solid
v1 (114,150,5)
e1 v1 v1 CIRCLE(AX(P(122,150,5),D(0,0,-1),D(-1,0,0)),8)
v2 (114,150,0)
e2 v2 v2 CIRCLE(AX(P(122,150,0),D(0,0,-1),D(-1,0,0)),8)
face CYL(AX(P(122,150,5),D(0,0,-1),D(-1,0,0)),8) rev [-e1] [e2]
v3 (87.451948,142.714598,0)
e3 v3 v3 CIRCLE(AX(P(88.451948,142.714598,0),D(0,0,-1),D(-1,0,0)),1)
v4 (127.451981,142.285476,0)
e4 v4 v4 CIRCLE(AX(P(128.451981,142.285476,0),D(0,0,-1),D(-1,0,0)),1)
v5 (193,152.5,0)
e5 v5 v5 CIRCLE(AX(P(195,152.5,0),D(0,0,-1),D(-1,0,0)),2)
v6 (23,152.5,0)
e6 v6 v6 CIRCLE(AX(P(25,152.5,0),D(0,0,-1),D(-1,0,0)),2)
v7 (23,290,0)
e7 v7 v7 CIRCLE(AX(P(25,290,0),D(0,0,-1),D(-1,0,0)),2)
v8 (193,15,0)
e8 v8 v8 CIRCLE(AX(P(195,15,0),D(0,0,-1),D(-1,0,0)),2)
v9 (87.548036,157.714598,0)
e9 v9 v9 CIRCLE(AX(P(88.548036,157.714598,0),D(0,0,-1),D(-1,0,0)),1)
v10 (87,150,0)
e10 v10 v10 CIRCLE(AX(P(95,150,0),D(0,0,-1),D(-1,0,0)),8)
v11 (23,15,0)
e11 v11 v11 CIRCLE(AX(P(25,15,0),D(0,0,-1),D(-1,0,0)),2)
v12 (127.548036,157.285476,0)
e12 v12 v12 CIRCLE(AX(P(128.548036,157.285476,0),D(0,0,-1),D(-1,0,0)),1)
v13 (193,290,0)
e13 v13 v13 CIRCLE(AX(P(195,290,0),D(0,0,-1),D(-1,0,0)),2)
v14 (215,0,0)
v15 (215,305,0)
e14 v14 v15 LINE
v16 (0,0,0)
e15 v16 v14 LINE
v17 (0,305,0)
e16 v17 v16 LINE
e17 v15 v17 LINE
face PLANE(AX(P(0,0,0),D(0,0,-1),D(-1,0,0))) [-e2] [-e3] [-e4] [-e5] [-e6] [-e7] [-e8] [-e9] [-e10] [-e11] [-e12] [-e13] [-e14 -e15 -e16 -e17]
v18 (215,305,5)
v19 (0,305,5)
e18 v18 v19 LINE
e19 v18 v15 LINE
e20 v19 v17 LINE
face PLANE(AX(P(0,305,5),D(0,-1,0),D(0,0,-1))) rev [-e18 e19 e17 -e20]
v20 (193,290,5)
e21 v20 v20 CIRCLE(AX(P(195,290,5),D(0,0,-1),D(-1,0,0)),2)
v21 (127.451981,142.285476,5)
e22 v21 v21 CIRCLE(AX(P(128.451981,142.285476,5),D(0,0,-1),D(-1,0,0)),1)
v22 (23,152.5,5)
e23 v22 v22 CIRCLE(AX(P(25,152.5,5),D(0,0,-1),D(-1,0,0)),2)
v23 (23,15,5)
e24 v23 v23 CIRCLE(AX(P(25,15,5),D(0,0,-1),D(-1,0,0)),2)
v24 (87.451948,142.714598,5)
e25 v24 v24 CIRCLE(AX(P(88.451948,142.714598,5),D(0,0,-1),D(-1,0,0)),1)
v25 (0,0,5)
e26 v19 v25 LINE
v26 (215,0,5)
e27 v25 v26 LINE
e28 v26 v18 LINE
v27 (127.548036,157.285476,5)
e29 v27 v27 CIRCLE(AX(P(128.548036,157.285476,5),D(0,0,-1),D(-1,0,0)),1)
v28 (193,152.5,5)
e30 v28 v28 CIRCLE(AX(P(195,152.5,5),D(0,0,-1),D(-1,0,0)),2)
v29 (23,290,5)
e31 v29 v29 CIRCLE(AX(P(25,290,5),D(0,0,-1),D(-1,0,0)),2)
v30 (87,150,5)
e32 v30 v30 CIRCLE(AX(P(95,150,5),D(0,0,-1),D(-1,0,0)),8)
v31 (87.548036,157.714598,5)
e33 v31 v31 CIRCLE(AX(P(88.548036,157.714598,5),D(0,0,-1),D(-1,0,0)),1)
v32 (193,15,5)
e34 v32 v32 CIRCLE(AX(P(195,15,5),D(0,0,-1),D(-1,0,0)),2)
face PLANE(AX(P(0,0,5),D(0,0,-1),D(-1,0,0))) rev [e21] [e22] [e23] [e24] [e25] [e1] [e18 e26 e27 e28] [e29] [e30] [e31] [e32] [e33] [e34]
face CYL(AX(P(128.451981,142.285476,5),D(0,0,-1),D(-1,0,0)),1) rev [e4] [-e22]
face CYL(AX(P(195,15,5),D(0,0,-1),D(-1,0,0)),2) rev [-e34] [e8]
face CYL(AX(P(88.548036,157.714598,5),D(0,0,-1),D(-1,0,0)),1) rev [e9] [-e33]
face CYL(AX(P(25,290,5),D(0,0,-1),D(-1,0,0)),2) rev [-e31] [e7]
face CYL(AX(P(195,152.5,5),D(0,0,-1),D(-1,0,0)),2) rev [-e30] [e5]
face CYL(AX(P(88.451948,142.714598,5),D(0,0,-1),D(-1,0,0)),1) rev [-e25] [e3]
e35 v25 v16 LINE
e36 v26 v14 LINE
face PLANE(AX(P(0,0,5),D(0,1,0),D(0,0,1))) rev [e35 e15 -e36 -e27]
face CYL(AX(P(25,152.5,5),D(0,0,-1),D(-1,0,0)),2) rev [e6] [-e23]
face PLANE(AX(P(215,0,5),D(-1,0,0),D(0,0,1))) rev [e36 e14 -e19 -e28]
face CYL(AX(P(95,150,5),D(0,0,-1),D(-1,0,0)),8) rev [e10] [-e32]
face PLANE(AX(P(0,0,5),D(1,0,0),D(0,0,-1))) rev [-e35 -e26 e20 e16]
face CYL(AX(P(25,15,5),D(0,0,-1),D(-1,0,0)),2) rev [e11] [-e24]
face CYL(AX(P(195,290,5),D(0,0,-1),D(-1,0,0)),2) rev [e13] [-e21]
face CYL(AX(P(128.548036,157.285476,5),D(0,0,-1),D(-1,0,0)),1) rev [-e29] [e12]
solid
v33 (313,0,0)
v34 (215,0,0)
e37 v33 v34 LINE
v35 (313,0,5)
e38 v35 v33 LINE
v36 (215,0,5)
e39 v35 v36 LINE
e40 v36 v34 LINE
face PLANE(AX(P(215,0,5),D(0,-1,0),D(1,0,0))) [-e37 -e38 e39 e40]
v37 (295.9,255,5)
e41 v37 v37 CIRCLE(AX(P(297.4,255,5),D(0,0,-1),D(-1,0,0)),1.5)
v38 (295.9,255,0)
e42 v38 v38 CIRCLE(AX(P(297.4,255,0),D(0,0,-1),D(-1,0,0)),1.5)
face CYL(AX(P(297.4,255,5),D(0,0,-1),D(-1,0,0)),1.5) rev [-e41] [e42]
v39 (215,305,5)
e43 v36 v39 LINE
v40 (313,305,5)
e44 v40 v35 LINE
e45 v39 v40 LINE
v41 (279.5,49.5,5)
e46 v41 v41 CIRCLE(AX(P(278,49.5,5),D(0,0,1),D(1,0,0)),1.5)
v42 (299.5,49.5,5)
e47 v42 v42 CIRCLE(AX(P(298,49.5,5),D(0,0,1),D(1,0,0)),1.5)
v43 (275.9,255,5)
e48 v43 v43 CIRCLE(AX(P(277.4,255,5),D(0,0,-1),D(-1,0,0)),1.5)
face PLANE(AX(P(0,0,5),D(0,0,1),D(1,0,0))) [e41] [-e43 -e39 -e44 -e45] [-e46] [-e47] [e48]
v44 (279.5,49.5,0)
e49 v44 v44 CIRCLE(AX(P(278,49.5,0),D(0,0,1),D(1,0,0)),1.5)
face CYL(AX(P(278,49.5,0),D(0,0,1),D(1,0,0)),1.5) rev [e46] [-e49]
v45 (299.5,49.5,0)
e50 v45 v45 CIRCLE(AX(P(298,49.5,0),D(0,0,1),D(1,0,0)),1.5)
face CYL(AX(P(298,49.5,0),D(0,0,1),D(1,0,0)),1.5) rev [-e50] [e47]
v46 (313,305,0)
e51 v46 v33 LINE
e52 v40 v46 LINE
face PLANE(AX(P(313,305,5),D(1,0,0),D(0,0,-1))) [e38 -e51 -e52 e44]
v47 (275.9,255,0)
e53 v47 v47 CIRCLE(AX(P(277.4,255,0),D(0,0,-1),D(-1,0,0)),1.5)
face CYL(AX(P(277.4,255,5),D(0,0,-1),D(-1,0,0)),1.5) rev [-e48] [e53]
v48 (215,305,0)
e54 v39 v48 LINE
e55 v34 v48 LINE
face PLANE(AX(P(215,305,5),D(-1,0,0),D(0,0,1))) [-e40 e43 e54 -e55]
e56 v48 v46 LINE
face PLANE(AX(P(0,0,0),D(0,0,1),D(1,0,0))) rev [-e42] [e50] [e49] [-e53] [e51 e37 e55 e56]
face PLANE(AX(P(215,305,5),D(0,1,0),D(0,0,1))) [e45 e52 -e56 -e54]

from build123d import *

# Parameters (mm, degrees)
ESQUISSE1_W             = 215
ESQUISSE1_H             = 305
BOSS_EXTRU_1_DEPTH      = 5
ESQUISSE2_R             = 2
ENL_V_MAT_EXTRU_1_DEPTH = 5
ESQUISSE3_W             = 98
ESQUISSE3_H             = 305
BOSS_EXTRU_2_DEPTH      = 5
ESQUISSE4_R             = 1.5
ENL_V_MAT_EXTRU_3_DEPTH = 438.057204494
ESQUISSE5_R             = 1.5
ENL_V_MAT_EXTRU_4_DEPTH = 438.057204494
ESQUISSE6_R             = 8
ENL_V_MAT_EXTRU_5_DEPTH = 438.057204494
ESQUISSE7_R             = 1
ENL_V_MAT_EXTRU_7_DEPTH = 438.057204494


with BuildPart() as part:
    # Esquisse1 → Boss.-Extru.1 (new body)
    with BuildSketch(Plane.XY):
        with Locations((107.5, 152.5)):
            Rectangle(ESQUISSE1_W, ESQUISSE1_H)
    extrude(amount=BOSS_EXTRU_1_DEPTH)

    # Esquisse2 → Enlèv. mat.-Extru.1 (cut)
    with BuildSketch(Plane(origin=(0, 0, 0), x_dir=(-1, 0, 0), z_dir=(0, 0, -1))):
        with Locations((-195, 290)):
            Circle(ESQUISSE2_R)
        with Locations((-25, 290)):
            Circle(ESQUISSE2_R)
        with Locations((-25, 15)):
            Circle(ESQUISSE2_R)
        with Locations((-195, 15)):
            Circle(ESQUISSE2_R)
        with Locations((-195, 152.5)):
            Circle(ESQUISSE2_R)
        with Locations((-25, 152.5)):
            Circle(ESQUISSE2_R)
    extrude(amount=-ENL_V_MAT_EXTRU_1_DEPTH, mode=Mode.SUBTRACT)

    # Esquisse6 → Enlèv. mat.-Extru.5 (cut, through all)
    with BuildSketch(Plane(origin=(0, 0, 0), x_dir=(-1, 0, 0), z_dir=(0, 0, -1))):
        with Locations((-122, 150)):
            Circle(ESQUISSE6_R)
        with Locations((-95, 150)):
            Circle(ESQUISSE6_R)
    extrude(amount=-ENL_V_MAT_EXTRU_5_DEPTH, mode=Mode.SUBTRACT)

    # Esquisse7 → Enlèv. mat.-Extru.7 (cut, through all)
    with BuildSketch(Plane(origin=(0, 0, 0), x_dir=(-1, 0, 0), z_dir=(0, 0, -1))):
        with Locations((-128.548036325, 157.285475877)):
            Circle(ESQUISSE7_R)
        with Locations((-128.451980772, 142.285475877)):
            Circle(ESQUISSE7_R)
        with Locations((-88.548036325, 157.714598257)):
            Circle(ESQUISSE7_R)
        with Locations((-88.451947576, 142.714598257)):
            Circle(ESQUISSE7_R)
    extrude(amount=-ENL_V_MAT_EXTRU_7_DEPTH, mode=Mode.SUBTRACT)


with BuildPart() as body_2:
    # Esquisse3 → Boss.-Extru.2 (new body)
    with BuildSketch(Plane(origin=(0, 0, 0), x_dir=(-1, 0, 0), z_dir=(0, 0, -1))):
        with Locations((-264, 152.5)):
            Rectangle(ESQUISSE3_W, ESQUISSE3_H)
    extrude(amount=-BOSS_EXTRU_2_DEPTH)

    # Esquisse4 → Enlèv. mat.-Extru.3 (cut, through all)
    with BuildSketch(Plane(origin=(0, 0, 0), x_dir=(-1, 0, 0), z_dir=(0, 0, -1))):
        with Locations((-277.4, 255)):
            Circle(ESQUISSE4_R)
        with Locations((-297.4, 255)):
            Circle(ESQUISSE4_R)
    extrude(amount=-ENL_V_MAT_EXTRU_3_DEPTH, mode=Mode.SUBTRACT)

    # Esquisse5 → Enlèv. mat.-Extru.4 (cut, through all)
    with BuildSketch(Plane.XY.offset(5)):
        with Locations((278, 49.5)):
            Circle(ESQUISSE5_R)
        with Locations((298, 49.5)):
            Circle(ESQUISSE5_R)
    extrude(amount=-ENL_V_MAT_EXTRU_4_DEPTH, mode=Mode.SUBTRACT)


solid = Compound([part.part, body_2.part])
